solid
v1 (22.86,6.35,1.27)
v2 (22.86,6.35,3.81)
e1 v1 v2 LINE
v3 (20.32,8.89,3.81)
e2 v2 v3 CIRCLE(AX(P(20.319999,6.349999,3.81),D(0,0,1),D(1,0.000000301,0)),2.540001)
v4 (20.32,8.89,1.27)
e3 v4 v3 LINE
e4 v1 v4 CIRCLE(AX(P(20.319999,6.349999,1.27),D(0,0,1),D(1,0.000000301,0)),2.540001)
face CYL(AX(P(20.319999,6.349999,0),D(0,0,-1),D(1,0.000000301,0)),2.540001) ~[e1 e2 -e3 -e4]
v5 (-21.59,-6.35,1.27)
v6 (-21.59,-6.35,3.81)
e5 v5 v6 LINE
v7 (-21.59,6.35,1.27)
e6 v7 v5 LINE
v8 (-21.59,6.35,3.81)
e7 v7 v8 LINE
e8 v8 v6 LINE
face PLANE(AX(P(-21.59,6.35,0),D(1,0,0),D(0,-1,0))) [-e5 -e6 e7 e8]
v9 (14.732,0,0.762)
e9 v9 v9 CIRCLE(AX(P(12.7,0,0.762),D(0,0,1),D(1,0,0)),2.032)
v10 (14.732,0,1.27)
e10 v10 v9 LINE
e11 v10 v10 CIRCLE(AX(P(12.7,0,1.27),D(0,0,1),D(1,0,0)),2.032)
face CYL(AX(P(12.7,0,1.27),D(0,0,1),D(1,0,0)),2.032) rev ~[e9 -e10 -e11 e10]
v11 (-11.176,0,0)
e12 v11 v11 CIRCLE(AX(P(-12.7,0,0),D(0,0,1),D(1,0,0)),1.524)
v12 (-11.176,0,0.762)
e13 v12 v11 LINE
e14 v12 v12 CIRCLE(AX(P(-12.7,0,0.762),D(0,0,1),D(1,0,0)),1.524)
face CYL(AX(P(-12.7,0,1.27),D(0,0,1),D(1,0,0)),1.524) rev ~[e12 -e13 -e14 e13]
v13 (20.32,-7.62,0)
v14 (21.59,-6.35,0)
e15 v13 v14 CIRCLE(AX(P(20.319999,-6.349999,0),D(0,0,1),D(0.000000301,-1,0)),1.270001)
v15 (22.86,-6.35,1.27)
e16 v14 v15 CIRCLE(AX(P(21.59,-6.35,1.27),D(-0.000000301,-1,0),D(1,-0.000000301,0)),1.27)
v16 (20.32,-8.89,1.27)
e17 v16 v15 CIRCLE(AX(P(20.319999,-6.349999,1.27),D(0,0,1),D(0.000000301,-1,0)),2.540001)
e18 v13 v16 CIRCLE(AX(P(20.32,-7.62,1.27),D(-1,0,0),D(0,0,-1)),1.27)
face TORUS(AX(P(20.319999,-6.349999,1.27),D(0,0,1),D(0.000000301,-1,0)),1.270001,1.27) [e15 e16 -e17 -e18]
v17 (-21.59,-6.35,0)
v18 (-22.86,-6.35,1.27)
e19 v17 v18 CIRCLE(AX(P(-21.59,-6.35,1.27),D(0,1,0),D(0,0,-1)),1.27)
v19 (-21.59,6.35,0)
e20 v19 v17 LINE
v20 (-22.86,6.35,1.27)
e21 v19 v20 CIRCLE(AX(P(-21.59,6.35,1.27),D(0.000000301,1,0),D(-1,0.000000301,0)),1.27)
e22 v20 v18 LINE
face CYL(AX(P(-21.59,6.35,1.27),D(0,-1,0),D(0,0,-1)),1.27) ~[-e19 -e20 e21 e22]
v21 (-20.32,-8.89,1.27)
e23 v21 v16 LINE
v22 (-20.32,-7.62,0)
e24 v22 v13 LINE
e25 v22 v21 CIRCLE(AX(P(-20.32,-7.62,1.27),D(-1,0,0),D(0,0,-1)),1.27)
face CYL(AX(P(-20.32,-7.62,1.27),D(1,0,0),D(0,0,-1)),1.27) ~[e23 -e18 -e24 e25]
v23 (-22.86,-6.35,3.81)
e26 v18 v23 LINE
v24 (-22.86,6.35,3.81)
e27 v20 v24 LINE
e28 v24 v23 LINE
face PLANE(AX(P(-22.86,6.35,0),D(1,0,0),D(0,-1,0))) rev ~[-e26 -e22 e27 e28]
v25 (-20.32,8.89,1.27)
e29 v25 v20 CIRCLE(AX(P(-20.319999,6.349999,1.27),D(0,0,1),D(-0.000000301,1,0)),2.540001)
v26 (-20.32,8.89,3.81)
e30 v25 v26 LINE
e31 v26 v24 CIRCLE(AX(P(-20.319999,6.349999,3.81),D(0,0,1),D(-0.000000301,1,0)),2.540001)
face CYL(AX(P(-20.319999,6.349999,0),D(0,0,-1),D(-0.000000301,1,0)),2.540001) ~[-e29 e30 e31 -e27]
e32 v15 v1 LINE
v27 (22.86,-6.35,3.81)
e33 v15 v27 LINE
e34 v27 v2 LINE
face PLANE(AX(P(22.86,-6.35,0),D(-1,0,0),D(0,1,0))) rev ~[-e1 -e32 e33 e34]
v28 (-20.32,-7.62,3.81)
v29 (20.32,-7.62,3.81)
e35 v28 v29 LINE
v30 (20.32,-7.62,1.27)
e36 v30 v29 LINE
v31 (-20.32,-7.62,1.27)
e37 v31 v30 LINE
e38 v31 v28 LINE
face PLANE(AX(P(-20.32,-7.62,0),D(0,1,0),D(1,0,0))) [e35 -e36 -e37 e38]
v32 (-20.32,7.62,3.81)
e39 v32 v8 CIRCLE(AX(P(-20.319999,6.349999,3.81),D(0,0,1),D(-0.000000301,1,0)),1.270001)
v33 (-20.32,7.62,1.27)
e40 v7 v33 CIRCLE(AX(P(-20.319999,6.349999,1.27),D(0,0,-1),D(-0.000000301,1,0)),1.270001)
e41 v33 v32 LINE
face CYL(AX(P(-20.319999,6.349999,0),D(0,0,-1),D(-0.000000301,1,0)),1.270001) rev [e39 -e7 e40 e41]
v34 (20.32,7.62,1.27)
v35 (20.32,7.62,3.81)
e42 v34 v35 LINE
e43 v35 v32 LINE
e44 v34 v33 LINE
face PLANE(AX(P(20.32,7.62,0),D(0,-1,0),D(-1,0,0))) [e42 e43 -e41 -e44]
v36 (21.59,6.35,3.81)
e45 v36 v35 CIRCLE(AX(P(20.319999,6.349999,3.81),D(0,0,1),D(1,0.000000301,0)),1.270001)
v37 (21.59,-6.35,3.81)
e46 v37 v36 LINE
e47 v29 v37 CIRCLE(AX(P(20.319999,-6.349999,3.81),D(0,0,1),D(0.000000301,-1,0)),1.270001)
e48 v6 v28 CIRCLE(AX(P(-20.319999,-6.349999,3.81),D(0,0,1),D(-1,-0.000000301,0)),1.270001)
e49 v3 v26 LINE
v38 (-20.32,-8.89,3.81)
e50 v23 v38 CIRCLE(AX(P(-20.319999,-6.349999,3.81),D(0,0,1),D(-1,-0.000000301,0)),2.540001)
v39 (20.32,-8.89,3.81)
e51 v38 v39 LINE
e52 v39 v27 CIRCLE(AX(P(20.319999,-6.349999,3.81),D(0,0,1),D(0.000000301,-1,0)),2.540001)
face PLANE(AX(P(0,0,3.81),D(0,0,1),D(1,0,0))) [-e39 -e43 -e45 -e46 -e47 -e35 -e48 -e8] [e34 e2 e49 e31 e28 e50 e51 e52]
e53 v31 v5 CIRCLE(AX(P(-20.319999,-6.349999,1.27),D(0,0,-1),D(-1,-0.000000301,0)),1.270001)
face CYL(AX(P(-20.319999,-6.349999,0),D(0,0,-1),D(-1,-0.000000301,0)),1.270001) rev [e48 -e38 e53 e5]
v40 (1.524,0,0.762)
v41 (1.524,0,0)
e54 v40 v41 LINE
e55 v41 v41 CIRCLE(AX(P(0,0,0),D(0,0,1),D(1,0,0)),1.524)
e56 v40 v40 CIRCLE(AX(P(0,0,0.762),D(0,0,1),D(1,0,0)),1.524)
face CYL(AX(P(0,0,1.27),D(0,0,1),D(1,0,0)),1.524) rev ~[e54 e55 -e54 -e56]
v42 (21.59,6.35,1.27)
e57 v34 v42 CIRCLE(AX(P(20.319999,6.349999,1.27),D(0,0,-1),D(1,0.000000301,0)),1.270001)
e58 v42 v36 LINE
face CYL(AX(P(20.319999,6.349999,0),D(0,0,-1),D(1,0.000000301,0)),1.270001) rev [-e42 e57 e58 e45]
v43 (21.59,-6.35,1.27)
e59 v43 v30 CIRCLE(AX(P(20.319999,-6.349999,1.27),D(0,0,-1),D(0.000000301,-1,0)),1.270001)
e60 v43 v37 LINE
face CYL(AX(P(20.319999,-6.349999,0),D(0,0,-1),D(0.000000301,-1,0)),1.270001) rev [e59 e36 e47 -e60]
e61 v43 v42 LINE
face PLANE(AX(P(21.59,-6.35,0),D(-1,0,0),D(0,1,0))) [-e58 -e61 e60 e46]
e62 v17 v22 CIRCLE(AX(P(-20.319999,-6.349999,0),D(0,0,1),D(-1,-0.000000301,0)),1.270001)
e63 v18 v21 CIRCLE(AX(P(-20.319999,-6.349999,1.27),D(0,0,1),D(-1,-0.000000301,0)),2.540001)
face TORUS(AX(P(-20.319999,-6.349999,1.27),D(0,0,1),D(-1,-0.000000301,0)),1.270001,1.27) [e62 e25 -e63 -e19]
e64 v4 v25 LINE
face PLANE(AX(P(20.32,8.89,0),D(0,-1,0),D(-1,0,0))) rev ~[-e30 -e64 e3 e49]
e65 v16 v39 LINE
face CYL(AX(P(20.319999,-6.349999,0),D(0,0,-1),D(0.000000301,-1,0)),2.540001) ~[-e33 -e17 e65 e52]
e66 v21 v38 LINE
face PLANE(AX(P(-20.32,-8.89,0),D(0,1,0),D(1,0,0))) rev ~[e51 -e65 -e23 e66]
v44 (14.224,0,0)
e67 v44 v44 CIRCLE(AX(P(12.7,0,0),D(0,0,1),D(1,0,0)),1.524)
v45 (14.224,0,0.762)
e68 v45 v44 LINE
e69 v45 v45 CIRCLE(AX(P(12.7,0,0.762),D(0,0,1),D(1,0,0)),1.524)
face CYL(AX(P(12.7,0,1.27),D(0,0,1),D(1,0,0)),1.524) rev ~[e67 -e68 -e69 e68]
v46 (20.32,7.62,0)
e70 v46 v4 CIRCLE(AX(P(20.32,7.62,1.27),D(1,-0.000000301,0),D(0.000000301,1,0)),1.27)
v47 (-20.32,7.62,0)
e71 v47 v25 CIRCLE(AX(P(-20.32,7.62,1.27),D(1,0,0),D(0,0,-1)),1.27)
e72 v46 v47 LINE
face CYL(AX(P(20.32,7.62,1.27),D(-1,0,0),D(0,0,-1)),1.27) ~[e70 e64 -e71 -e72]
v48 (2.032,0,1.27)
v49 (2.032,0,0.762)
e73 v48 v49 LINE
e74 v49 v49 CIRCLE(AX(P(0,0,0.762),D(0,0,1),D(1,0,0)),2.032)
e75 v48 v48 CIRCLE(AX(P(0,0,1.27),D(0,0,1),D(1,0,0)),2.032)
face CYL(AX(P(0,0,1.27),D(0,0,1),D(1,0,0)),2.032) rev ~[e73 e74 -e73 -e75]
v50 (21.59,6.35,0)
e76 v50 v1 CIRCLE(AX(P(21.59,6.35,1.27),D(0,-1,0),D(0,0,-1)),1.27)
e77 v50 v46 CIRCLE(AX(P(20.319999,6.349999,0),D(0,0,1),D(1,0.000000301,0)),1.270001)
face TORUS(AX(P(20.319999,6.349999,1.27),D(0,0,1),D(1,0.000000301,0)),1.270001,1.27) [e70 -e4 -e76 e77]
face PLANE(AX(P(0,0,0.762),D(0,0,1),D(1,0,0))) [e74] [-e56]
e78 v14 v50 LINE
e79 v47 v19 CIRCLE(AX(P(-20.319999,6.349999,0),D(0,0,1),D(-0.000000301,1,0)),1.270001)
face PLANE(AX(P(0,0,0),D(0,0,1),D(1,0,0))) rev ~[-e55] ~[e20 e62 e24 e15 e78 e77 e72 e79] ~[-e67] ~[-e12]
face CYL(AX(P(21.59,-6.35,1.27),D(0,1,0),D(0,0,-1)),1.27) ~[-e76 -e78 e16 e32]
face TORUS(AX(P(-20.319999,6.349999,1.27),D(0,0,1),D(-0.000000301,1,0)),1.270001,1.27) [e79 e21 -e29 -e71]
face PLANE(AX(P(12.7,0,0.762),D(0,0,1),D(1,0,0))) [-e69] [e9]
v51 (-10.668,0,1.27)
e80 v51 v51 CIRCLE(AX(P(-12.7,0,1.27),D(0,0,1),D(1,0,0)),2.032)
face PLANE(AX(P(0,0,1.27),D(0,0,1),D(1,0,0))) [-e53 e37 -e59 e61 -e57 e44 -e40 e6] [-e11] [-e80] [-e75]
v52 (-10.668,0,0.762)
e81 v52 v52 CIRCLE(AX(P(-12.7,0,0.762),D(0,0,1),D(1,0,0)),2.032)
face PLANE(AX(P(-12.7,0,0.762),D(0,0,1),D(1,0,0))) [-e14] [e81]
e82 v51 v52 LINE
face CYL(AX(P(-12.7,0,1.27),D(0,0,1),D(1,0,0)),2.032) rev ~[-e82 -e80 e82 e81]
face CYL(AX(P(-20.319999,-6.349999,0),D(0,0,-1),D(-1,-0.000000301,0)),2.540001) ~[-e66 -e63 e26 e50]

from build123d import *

# Parameters (mm, degrees)
F1_DEPTH = 3.81
F2_T     = -1.27
F3_R     = 1.524
F4_DEPTH = 25.4
F5_R     = 2.032
F6_DEPTH = 0.508
F7_R     = 1.27


with BuildPart() as f1:
    # F0 (on Top) → F1 (new body)
    with BuildSketch(Plane.XY):
        with BuildLine():
            ThreePointArc((22.86, 6.35), (22.116051, 8.146051), (20.32, 8.89))
            Line((20.32, 8.89), (-20.32, 8.89))
            ThreePointArc((-20.32, 8.89), (-22.116051, 8.146051), (-22.86, 6.35))
            Line((-22.86, 6.35), (-22.86, -6.35))
            ThreePointArc((-22.86, -6.35), (-22.116051, -8.146051), (-20.32, -8.89))
            Line((-20.32, -8.89), (20.32, -8.89))
            ThreePointArc((20.32, -8.89), (22.116051, -8.146051), (22.86, -6.35))
            Line((22.86, -6.35), (22.86, 6.35))
        make_face()
    extrude(amount=F1_DEPTH)

    # F2
    f2_openings = [f1.faces().sort_by_distance(p)[0] for p in [
        (0, 0, 3.81),
    ]]
    offset(amount=F2_T, openings=f2_openings)

    # F3 (on face) → F4 (cut)
    with BuildSketch(Plane.XY.offset(1.27)):
        with Locations((-12.7, 0)):
            Circle(F3_R)
        with Locations((-12.7, 50.8)):
            Circle(F3_R)
        Circle(F3_R)
        with Locations((0, 50.8)):
            Circle(F3_R)
        with Locations((12.7, 0)):
            Circle(F3_R)
        with Locations((12.7, 50.8)):
            Circle(F3_R)
    extrude(amount=-F4_DEPTH, mode=Mode.SUBTRACT)

    # F5 (on face) → F6 (cut)
    with BuildSketch(Plane.XY.offset(1.27)):
        with Locations((-12.7, 0)):
            Circle(F5_R)
        Circle(F5_R)
        with Locations((12.7, 0)):
            Circle(F5_R)
    extrude(amount=-F6_DEPTH, mode=Mode.SUBTRACT)

    # F7
    f7_edges = [f1.edges().sort_by_distance(p)[0] for p in [
        (0, -8.89, 0),
    ]]
    fillet(f7_edges, radius=F7_R)


solid = f1.part
